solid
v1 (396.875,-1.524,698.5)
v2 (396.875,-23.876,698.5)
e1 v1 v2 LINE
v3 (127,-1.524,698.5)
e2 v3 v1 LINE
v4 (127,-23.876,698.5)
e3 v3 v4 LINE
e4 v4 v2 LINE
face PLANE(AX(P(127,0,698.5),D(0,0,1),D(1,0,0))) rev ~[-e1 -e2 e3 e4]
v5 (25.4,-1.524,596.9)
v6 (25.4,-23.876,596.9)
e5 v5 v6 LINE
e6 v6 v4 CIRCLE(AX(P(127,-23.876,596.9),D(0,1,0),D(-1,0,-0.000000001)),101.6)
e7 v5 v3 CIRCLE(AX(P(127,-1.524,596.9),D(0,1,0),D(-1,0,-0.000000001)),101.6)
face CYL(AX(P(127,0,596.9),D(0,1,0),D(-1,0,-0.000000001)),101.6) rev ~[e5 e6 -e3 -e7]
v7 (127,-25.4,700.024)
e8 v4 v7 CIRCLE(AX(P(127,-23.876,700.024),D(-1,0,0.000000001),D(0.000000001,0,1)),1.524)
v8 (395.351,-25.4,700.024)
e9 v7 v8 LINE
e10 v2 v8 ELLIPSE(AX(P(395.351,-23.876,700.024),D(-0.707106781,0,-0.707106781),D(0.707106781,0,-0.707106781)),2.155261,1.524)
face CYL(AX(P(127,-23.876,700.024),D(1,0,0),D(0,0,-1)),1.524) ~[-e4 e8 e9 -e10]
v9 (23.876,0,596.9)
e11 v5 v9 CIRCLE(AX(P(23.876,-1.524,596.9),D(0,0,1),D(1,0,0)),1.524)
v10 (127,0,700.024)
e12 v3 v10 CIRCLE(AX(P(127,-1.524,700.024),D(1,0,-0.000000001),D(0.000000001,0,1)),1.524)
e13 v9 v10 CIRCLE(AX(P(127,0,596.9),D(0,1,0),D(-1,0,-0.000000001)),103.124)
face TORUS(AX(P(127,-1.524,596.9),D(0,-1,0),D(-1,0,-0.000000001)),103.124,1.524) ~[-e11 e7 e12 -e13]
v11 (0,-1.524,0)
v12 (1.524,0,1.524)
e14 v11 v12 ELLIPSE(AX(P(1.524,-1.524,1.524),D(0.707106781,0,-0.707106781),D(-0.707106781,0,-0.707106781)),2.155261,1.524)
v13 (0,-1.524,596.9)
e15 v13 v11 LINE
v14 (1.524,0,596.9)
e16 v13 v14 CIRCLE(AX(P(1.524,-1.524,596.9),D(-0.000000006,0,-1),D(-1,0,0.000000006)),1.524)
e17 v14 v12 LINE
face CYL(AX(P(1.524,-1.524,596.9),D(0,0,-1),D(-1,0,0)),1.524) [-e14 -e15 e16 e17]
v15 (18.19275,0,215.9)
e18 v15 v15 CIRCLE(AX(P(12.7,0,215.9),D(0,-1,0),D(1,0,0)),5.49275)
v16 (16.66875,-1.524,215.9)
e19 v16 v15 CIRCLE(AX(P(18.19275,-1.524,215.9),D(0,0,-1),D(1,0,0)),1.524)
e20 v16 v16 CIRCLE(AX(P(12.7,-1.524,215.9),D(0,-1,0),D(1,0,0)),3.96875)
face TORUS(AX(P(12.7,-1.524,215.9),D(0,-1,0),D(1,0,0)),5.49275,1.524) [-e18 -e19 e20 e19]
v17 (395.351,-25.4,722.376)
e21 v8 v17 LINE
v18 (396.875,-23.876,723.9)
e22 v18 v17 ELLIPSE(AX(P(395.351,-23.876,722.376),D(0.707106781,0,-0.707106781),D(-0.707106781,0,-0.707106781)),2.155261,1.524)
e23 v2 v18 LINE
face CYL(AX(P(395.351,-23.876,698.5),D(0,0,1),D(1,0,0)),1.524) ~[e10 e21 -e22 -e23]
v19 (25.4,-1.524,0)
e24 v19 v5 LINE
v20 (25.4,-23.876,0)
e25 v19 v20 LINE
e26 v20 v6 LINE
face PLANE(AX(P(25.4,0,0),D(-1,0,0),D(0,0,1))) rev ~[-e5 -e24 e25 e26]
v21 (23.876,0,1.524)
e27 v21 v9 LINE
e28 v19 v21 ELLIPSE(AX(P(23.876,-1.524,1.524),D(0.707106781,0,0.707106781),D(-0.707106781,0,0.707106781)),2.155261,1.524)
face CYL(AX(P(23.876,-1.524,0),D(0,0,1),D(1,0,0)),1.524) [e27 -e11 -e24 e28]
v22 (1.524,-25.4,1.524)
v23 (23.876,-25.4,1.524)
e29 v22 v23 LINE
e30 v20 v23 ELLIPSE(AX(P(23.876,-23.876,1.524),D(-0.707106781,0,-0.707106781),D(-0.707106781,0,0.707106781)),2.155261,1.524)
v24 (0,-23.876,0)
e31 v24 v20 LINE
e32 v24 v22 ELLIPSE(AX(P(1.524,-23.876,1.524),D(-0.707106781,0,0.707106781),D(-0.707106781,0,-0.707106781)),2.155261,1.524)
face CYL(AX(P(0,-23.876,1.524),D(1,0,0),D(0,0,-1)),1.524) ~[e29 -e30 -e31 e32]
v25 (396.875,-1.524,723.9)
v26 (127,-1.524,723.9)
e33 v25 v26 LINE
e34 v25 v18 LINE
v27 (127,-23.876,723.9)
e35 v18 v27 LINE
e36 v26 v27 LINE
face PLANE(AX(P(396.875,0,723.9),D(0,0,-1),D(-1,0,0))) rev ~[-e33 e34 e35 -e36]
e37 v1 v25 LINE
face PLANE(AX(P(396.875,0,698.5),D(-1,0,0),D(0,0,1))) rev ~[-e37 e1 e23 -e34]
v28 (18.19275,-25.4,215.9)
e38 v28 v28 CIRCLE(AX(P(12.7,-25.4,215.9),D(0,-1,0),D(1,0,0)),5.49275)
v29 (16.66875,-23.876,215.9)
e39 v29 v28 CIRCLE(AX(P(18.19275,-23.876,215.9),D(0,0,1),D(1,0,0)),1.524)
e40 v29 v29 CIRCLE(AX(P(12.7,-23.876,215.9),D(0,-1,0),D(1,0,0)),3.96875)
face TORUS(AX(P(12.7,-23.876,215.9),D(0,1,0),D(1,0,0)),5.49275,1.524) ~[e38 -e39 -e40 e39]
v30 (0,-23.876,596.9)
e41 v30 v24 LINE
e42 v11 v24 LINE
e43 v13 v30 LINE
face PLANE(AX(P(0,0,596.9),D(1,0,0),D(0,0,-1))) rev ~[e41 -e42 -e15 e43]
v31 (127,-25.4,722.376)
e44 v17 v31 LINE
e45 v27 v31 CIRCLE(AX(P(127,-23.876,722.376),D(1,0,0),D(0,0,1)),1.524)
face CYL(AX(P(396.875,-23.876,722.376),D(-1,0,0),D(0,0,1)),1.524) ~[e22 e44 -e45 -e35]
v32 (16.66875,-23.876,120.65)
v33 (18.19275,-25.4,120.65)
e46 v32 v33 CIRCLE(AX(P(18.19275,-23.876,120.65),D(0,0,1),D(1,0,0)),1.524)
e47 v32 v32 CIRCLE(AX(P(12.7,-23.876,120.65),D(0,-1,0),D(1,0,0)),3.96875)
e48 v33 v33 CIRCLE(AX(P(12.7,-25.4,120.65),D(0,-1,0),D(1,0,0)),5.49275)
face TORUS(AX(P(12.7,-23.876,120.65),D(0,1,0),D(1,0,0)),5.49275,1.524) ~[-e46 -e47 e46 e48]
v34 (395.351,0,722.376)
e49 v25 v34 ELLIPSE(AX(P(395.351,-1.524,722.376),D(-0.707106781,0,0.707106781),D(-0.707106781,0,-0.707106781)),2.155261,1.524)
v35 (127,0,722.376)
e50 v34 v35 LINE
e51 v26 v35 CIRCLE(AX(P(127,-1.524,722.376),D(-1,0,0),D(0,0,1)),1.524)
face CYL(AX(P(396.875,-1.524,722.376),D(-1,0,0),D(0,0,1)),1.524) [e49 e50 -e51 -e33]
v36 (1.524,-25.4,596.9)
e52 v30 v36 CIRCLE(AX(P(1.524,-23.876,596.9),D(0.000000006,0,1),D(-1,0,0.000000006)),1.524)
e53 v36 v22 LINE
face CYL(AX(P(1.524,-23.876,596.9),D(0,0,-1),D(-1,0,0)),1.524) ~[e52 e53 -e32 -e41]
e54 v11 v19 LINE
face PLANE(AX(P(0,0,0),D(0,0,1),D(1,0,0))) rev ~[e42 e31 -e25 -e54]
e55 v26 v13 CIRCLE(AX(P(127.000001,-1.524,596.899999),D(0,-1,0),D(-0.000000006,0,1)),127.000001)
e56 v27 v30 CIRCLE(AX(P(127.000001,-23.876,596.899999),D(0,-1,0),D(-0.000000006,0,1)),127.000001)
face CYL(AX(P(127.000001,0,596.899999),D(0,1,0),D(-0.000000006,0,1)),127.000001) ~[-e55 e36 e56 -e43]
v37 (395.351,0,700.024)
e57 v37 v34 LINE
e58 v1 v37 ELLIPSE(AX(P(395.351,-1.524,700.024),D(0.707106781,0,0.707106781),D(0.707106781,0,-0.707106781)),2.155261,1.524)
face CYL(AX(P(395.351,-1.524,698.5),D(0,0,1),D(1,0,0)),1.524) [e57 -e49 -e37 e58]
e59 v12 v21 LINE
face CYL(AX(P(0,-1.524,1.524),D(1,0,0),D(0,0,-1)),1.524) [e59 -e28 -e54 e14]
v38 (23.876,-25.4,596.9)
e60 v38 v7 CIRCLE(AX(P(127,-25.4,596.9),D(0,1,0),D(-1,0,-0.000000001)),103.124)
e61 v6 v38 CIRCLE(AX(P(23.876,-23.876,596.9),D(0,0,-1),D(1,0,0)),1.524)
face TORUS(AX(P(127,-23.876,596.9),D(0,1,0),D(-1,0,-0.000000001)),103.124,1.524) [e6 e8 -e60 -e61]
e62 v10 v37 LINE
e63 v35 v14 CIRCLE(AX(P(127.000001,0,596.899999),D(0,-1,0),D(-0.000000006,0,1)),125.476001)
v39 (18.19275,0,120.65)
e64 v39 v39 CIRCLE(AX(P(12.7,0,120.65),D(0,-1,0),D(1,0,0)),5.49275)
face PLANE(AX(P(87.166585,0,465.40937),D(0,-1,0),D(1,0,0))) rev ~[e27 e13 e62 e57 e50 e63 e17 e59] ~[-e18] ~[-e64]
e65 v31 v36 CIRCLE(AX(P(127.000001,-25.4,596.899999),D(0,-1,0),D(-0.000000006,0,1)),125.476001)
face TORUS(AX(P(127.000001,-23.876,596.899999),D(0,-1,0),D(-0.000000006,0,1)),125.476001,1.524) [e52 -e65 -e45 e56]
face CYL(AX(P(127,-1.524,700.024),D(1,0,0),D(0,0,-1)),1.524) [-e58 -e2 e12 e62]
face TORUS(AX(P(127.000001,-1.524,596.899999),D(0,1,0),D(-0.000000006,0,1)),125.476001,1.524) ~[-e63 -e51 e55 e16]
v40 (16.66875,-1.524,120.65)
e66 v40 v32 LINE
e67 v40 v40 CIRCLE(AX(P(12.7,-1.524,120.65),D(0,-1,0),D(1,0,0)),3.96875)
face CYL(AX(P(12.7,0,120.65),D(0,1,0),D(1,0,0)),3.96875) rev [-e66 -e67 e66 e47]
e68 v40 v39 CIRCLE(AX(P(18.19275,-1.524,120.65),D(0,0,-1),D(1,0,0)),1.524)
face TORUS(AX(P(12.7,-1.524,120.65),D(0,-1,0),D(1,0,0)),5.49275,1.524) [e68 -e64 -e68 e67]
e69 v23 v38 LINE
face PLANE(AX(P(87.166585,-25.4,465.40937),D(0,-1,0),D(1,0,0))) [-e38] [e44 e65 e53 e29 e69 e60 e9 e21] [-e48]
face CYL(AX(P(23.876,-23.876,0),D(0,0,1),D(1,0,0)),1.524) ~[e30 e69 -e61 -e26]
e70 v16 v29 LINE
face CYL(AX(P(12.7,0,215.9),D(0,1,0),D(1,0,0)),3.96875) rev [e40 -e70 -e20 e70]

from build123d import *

# Parameters (mm, degrees)
F0_R     = 3.96875
F1_DEPTH = 25.4
F2_R     = 1.524


with BuildPart() as f1:
    # F0 (on Front) → F1 (new body)
    with BuildSketch(Plane.XZ):
        with BuildLine():
            Line((0, 596.9), (0, 0))
            Line((0, 0), (25.4, 0))
            Line((25.4, 0), (25.4, 596.9))
            ThreePointArc((25.4, 596.9), (55.157951, 668.742049), (127, 698.5))
            Line((127, 698.5), (396.875, 698.5))
            Line((396.875, 698.5), (396.875, 723.9))
            Line((396.875, 723.9), (127, 723.9))
            ThreePointArc((127, 723.9), (37.197439, 686.702561), (0, 596.9))
        make_face()
        with Locations((12.7, 120.65)):
            Circle(F0_R, mode=Mode.SUBTRACT)
        with Locations((12.7, 215.9)):
            Circle(F0_R, mode=Mode.SUBTRACT)
    extrude(amount=F1_DEPTH)

    # F2
    f2_edges = [f1.edges().sort_by_distance(p)[0] for p in [
        (25.4, -25.4, 298.45),
        (0, -25.4, 298.45),
        (0, 0, 298.45),
        (25.4, 0, 298.45),
        (12.7, 0, 0),
        (55.157951, 0, 668.742049),
        (261.9375, 0, 698.5),
        (396.875, 0, 711.2),
        (261.9375, 0, 723.9),
        (37.197439, 0, 686.702561),
        (8.73125, 0, 120.65),
        (8.73125, 0, 215.9),
        (12.7, -25.4, 0),
        (55.157951, -25.4, 668.742049),
        (261.9375, -25.4, 698.5),
        (396.875, -25.4, 711.2),
        (261.9375, -25.4, 723.9),
        (37.197439, -25.4, 686.702561),
        (8.73125, -25.4, 120.65),
        (8.73125, -25.4, 215.9),
    ]]
    fillet(f2_edges, radius=F2_R)


solid = f1.part
